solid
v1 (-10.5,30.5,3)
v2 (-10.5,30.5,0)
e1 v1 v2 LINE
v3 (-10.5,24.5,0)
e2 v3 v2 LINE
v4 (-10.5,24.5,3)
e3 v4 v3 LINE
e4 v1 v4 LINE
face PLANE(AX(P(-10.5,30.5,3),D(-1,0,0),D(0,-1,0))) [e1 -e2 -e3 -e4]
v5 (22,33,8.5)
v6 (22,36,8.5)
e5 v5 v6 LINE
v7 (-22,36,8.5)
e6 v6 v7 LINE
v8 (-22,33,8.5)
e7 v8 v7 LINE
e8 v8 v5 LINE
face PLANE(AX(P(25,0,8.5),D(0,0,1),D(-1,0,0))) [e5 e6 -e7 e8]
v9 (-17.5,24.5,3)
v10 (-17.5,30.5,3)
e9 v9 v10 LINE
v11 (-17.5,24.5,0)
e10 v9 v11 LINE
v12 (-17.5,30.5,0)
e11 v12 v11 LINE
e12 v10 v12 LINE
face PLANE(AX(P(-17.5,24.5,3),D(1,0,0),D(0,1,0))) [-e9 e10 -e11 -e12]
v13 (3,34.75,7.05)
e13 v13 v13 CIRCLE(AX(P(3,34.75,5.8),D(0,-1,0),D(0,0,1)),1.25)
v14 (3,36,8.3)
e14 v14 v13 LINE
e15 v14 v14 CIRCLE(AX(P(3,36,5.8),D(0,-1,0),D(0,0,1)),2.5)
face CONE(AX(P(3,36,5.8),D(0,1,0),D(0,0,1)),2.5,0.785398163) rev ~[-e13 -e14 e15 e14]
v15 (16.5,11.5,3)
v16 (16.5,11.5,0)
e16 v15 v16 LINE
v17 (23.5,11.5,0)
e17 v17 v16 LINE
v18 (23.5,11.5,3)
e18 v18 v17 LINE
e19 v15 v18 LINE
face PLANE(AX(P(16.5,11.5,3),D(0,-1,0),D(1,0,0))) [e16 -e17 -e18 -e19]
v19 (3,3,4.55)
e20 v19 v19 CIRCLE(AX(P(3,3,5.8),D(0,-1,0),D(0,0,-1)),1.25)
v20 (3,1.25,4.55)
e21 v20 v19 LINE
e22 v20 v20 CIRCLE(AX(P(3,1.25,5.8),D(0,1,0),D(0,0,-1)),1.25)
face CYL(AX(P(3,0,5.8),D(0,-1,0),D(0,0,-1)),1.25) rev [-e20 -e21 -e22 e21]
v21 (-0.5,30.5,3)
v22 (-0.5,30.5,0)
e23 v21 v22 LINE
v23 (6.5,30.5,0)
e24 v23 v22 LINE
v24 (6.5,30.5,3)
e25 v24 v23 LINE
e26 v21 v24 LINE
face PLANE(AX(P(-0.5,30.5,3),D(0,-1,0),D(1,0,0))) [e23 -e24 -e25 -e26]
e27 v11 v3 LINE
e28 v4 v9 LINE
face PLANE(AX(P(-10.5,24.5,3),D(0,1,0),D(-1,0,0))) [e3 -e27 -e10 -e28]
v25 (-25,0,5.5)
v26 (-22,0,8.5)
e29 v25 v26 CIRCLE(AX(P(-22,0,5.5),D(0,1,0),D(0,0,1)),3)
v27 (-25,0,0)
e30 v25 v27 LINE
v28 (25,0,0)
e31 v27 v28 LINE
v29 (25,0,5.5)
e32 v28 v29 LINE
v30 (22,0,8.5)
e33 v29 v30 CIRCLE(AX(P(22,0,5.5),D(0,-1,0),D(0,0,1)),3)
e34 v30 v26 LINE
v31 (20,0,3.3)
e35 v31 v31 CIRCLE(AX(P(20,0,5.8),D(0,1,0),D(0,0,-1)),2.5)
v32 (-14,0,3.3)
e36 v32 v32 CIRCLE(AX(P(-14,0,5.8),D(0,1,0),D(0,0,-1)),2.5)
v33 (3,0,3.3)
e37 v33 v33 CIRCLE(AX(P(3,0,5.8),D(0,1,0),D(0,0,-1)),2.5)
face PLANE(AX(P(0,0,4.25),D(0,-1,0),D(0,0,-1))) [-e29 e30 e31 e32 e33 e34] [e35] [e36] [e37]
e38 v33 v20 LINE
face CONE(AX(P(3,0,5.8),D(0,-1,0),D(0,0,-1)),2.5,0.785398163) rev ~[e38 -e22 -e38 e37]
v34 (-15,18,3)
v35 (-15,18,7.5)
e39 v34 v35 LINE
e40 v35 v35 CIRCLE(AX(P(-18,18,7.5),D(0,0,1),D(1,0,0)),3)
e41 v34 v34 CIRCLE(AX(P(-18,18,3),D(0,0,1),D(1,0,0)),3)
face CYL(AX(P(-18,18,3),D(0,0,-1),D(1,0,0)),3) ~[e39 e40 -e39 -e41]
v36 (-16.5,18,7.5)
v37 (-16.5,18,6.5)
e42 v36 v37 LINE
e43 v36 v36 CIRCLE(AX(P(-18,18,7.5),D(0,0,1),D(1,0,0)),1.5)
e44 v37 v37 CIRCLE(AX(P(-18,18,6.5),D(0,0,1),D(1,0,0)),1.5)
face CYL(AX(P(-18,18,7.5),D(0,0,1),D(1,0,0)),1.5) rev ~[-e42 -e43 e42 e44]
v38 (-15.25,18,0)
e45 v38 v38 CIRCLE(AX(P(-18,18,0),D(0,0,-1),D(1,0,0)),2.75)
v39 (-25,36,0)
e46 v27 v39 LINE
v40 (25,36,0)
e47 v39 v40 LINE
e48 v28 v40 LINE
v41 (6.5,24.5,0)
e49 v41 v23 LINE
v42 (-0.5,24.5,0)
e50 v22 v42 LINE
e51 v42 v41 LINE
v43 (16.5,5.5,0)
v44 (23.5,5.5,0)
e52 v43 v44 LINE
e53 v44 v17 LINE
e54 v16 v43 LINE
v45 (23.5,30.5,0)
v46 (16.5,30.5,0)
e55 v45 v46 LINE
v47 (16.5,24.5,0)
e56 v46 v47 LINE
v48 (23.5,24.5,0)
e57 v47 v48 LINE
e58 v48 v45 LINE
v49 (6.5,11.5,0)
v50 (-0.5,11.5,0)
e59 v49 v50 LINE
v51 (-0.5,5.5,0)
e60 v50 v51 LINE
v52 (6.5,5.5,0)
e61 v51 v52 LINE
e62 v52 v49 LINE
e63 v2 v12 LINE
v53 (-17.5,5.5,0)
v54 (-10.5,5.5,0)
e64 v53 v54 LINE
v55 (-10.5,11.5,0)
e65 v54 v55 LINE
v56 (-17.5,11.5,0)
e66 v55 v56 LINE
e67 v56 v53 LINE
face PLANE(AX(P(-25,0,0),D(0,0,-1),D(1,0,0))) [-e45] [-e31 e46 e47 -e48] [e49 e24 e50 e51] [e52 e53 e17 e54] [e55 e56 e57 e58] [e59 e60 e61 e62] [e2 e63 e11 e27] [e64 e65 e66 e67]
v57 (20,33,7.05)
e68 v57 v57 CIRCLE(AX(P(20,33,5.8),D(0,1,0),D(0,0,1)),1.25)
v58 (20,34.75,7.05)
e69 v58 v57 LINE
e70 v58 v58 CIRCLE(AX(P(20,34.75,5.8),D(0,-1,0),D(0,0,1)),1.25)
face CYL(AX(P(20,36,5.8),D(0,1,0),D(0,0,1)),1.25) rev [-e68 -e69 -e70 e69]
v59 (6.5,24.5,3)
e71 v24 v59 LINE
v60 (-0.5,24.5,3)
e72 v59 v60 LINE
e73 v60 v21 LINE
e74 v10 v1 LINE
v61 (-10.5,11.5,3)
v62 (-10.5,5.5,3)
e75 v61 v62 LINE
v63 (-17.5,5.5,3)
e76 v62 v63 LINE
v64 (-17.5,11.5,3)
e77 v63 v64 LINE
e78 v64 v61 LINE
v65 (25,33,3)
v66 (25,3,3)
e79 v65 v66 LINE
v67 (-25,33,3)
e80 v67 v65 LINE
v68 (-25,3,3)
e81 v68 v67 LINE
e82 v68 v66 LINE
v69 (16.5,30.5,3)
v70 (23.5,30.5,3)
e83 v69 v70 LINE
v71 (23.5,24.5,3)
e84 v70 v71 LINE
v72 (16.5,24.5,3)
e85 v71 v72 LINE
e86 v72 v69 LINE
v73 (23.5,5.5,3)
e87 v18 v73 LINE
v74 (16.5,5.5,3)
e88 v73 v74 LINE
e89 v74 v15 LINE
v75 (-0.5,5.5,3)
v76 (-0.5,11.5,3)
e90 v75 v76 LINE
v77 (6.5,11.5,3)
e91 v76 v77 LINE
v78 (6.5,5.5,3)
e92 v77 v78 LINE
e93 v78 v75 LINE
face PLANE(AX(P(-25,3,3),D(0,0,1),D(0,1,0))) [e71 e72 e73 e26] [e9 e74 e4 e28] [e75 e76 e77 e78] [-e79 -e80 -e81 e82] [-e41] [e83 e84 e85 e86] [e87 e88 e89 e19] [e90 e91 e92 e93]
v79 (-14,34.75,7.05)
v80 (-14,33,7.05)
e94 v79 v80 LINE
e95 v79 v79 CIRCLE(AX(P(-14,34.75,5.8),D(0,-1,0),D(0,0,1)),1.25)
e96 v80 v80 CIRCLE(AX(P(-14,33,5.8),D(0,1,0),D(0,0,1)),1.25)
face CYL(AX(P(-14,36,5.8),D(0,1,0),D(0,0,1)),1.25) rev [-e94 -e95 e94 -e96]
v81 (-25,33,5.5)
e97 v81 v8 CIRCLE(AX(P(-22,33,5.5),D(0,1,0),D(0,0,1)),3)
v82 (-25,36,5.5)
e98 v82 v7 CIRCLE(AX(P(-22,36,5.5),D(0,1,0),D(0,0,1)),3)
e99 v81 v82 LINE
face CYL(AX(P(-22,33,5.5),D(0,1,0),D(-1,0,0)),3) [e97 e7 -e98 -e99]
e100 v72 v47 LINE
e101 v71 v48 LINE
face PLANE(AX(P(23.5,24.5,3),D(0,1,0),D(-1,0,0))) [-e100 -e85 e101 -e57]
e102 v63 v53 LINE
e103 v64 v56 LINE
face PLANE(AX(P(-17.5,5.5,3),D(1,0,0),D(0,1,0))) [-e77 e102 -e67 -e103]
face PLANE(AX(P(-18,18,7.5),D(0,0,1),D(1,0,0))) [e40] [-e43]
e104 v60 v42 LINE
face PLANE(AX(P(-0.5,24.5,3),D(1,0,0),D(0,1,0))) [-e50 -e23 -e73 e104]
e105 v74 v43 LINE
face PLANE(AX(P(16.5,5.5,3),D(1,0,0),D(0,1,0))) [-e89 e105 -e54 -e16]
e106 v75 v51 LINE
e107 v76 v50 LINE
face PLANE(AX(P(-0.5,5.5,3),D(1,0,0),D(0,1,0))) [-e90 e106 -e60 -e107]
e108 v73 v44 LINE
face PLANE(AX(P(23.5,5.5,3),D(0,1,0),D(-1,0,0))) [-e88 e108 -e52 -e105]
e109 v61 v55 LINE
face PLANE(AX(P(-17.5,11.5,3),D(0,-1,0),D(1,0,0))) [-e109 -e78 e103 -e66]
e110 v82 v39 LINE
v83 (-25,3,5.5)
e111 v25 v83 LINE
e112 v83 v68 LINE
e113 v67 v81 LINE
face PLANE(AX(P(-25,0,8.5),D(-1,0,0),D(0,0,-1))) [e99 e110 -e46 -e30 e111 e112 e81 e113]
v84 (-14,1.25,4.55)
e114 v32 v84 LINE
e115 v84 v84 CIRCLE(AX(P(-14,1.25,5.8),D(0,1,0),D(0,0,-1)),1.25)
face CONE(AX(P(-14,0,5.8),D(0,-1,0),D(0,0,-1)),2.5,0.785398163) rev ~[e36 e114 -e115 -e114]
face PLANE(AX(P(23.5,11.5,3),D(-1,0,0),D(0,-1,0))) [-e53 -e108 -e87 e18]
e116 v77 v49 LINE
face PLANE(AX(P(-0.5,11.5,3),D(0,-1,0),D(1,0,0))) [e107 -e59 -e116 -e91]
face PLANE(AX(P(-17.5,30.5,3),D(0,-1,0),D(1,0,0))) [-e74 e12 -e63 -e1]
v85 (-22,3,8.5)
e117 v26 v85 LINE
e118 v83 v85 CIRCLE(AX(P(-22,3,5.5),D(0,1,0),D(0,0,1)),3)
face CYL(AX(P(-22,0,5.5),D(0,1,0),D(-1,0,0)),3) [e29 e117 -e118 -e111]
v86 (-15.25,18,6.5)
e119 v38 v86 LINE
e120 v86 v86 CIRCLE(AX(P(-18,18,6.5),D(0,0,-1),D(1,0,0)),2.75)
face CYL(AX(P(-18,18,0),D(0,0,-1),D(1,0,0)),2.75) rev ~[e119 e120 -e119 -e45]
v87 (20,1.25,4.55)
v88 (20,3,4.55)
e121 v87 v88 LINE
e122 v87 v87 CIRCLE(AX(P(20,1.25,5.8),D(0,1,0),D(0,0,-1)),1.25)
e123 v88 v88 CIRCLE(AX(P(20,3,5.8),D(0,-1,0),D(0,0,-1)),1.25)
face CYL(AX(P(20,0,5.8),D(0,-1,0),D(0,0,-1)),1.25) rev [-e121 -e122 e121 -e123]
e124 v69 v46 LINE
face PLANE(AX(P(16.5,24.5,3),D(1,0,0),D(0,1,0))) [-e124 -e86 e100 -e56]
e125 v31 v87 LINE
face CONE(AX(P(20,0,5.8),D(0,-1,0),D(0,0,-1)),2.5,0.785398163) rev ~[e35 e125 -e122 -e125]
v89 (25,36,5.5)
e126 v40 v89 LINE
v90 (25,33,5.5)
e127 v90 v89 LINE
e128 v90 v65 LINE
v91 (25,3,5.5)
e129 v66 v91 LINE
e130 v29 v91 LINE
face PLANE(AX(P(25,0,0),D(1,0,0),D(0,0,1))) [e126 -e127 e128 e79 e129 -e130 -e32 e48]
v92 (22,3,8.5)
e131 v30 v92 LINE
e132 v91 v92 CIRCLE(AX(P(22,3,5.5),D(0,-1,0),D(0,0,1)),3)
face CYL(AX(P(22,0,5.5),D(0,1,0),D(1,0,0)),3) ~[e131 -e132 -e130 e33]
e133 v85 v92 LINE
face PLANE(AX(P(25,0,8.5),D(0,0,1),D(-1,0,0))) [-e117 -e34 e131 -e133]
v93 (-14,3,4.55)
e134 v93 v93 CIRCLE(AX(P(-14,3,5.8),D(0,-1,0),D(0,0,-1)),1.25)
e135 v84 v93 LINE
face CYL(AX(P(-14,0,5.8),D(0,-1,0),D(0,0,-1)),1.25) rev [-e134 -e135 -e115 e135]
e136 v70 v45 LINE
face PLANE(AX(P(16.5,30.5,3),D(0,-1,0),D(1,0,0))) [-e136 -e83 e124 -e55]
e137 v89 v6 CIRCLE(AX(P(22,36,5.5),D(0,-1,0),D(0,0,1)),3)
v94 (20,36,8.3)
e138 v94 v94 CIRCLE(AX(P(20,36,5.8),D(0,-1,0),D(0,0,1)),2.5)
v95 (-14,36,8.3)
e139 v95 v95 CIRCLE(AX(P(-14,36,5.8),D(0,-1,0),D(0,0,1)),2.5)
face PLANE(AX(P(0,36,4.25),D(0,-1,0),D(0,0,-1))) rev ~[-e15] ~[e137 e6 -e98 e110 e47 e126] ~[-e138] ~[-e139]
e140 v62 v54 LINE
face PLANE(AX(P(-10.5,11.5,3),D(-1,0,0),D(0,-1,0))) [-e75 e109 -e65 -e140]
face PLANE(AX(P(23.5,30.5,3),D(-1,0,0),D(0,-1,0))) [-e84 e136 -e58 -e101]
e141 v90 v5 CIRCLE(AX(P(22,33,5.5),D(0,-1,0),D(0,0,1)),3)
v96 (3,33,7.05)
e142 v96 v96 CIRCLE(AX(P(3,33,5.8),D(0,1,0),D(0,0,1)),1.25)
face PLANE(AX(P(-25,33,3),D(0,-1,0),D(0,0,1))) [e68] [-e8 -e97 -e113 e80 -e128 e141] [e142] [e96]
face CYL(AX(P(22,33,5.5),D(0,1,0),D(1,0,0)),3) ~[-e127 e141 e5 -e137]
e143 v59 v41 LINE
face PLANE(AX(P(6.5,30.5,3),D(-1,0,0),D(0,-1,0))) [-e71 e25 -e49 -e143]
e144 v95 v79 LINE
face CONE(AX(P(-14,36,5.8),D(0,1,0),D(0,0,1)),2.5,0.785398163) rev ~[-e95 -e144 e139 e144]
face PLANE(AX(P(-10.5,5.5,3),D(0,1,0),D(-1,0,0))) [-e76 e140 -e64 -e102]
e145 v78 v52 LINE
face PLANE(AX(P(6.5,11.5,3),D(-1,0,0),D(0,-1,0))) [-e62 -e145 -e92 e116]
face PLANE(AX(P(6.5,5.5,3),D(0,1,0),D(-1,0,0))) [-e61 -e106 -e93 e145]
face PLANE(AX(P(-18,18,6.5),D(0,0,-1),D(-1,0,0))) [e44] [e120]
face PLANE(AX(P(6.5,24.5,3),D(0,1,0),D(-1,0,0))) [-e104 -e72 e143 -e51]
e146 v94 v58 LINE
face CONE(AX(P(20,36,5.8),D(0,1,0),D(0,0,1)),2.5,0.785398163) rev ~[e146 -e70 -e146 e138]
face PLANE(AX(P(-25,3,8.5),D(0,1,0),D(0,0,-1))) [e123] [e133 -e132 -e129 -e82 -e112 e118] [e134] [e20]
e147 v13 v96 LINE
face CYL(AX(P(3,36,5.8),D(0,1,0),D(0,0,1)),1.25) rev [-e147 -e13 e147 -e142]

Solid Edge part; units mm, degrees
sketch "Sketch1" plane through (0, 0, 0) normal (0, -1, 0) x (1, 0, 0)
  line L0 (-25, 0) -> (25, 0)
  line L1 (25, 0) -> (25, 8.5)
  line L2 (25, 8.5) -> (-25, 8.5)
  line L3 (-25, 8.5) -> (-25, 0)
  dimension "D1" = 8.5
  dimension "D2" = 50
extrude "Protrusion1" add sketch "Sketch1" against normal blind 36
sketch "Sketch2" plane through (-25, 15, 5) normal (-1, 0, 0) x (0, -1, 0)
  line L0 (-18, 3.5) -> (12, 3.5)
  line L1 (12, 3.5) -> (12, -2)
  line L2 (12, -2) -> (-18, -2)
  line L3 (-18, -2) -> (-18, 3.5)
  dimension "D1" = 3
  dimension "D2" = 30
extrude "Cutout1" cut sketch "Sketch2" against normal through all
sketch "Sketch3" plane through (0, 15, 3) normal (0, 0, 1) x (1, 0, 0)
  circle A0 centre (-18, 3) radius 3
  dimension "D1" = 6
  dimension "D2" = 7
extrude "ExtrudedProtrusion_2" add sketch "Sketch3" along normal blind 4.5
sketch "Sketch4" plane through (0, 15, 0) normal (0, 0, -1) x (1, 0, 0)
  circle A0 centre (-18, -3) radius 2.75
  dimension "D1" = 5.5
extrude "ExtrudedCutout_2" cut sketch "Sketch4" against normal blind 6.5
sketch "Sketch5" plane through (-15, 15, 7.5) normal (0, 0, 1) x (1, 0, 0)
  circle A0 centre (-3, 3) radius 1.5
  dimension "D1" = 3
extrude "Cutout2" cut sketch "Sketch5" against normal through all
extrude "Cutout3" [suppressed]
extrude "Cutout4" [suppressed]
fillet "Round_1" radius 3 4 edges at (-25, 1.5, 8.5) (-25, 34.5, 8.5) (25, 1.5, 8.5) (25, 34.5, 8.5)
chamfer "Chamfer_1" [suppressed]
hole "Hole_1" at (-14, 0, 5.8) direction (0, 1, 0) diameter 2.5 end up to next countersink diameter 5 countersink angle 90
hole "Hole1" at (3, 0, 5.8) direction (0, 1, 0) diameter 2.5 end up to next countersink diameter 5 countersink angle 90
hole "Hole2" at (20, 0, 5.8) direction (0, 1, 0) diameter 2.5 end up to next countersink diameter 5 countersink angle 90
hole "Hole_4" at (20, 36, 5.8) direction (0, -1, 0) diameter 2.5 end up to next countersink diameter 5 countersink angle 90
hole "Hole3" at (3, 36, 5.8) direction (0, -1, 0) diameter 2.5 end up to next countersink diameter 5 countersink angle 90
hole "Hole4" at (-14, 36, 5.8) direction (0, -1, 0) diameter 2.5 end up to next countersink diameter 5 countersink angle 90
sketch "Sketch6" plane through (0, 18, 3) normal (0, 0, 1) x (1, 0, 0)
  line L0 (-0.5, 12.5) -> (6.5, 12.5)
  line L1 (6.5, 12.5) -> (6.5, 6.5)
  line L2 (6.5, 6.5) -> (-0.5, 6.5)
  line L3 (-0.5, 6.5) -> (-0.5, 12.5)
  line L4 (16.5, 12.5) -> (23.5, 12.5)
  line L5 (23.5, 12.5) -> (23.5, 6.5)
  line L6 (23.5, 6.5) -> (16.5, 6.5)
  line L7 (16.5, 6.5) -> (16.5, 12.5)
  line L8 (23.5, -12.5) -> (16.5, -12.5)
  line L9 (16.5, -12.5) -> (16.5, -6.5)
  line L10 (16.5, -6.5) -> (23.5, -6.5)
  line L11 (23.5, -6.5) -> (23.5, -12.5)
  line L12 (6.5, -12.5) -> (-0.5, -12.5)
  line L13 (-0.5, -12.5) -> (-0.5, -6.5)
  line L14 (-0.5, -6.5) -> (6.5, -6.5)
  line L15 (6.5, -6.5) -> (6.5, -12.5)
  line L16 (-10.5, -12.5) -> (-17.5, -12.5)
  line L17 (-17.5, -12.5) -> (-17.5, -6.5)
  line L18 (-17.5, -6.5) -> (-10.5, -6.5)
  line L19 (-10.5, -6.5) -> (-10.5, -12.5)
  line L20 (-17.5, 12.5) -> (-10.5, 12.5)
  line L21 (-10.5, 12.5) -> (-10.5, 6.5)
  line L22 (-10.5, 6.5) -> (-17.5, 6.5)
  line L23 (-17.5, 6.5) -> (-17.5, 12.5)
  dimension "D1" = 5
  dimension "D2" = 7
  dimension "D3" = 6
  dimension "D4" = 2.5
  dimension "D5" = 17
  dimension "D6" = 2.5
  dimension "D7" = 17
extrude "Cutout5" cut sketch "Sketch6" against normal through all
properties material "ABS Plastic, medium impact"
